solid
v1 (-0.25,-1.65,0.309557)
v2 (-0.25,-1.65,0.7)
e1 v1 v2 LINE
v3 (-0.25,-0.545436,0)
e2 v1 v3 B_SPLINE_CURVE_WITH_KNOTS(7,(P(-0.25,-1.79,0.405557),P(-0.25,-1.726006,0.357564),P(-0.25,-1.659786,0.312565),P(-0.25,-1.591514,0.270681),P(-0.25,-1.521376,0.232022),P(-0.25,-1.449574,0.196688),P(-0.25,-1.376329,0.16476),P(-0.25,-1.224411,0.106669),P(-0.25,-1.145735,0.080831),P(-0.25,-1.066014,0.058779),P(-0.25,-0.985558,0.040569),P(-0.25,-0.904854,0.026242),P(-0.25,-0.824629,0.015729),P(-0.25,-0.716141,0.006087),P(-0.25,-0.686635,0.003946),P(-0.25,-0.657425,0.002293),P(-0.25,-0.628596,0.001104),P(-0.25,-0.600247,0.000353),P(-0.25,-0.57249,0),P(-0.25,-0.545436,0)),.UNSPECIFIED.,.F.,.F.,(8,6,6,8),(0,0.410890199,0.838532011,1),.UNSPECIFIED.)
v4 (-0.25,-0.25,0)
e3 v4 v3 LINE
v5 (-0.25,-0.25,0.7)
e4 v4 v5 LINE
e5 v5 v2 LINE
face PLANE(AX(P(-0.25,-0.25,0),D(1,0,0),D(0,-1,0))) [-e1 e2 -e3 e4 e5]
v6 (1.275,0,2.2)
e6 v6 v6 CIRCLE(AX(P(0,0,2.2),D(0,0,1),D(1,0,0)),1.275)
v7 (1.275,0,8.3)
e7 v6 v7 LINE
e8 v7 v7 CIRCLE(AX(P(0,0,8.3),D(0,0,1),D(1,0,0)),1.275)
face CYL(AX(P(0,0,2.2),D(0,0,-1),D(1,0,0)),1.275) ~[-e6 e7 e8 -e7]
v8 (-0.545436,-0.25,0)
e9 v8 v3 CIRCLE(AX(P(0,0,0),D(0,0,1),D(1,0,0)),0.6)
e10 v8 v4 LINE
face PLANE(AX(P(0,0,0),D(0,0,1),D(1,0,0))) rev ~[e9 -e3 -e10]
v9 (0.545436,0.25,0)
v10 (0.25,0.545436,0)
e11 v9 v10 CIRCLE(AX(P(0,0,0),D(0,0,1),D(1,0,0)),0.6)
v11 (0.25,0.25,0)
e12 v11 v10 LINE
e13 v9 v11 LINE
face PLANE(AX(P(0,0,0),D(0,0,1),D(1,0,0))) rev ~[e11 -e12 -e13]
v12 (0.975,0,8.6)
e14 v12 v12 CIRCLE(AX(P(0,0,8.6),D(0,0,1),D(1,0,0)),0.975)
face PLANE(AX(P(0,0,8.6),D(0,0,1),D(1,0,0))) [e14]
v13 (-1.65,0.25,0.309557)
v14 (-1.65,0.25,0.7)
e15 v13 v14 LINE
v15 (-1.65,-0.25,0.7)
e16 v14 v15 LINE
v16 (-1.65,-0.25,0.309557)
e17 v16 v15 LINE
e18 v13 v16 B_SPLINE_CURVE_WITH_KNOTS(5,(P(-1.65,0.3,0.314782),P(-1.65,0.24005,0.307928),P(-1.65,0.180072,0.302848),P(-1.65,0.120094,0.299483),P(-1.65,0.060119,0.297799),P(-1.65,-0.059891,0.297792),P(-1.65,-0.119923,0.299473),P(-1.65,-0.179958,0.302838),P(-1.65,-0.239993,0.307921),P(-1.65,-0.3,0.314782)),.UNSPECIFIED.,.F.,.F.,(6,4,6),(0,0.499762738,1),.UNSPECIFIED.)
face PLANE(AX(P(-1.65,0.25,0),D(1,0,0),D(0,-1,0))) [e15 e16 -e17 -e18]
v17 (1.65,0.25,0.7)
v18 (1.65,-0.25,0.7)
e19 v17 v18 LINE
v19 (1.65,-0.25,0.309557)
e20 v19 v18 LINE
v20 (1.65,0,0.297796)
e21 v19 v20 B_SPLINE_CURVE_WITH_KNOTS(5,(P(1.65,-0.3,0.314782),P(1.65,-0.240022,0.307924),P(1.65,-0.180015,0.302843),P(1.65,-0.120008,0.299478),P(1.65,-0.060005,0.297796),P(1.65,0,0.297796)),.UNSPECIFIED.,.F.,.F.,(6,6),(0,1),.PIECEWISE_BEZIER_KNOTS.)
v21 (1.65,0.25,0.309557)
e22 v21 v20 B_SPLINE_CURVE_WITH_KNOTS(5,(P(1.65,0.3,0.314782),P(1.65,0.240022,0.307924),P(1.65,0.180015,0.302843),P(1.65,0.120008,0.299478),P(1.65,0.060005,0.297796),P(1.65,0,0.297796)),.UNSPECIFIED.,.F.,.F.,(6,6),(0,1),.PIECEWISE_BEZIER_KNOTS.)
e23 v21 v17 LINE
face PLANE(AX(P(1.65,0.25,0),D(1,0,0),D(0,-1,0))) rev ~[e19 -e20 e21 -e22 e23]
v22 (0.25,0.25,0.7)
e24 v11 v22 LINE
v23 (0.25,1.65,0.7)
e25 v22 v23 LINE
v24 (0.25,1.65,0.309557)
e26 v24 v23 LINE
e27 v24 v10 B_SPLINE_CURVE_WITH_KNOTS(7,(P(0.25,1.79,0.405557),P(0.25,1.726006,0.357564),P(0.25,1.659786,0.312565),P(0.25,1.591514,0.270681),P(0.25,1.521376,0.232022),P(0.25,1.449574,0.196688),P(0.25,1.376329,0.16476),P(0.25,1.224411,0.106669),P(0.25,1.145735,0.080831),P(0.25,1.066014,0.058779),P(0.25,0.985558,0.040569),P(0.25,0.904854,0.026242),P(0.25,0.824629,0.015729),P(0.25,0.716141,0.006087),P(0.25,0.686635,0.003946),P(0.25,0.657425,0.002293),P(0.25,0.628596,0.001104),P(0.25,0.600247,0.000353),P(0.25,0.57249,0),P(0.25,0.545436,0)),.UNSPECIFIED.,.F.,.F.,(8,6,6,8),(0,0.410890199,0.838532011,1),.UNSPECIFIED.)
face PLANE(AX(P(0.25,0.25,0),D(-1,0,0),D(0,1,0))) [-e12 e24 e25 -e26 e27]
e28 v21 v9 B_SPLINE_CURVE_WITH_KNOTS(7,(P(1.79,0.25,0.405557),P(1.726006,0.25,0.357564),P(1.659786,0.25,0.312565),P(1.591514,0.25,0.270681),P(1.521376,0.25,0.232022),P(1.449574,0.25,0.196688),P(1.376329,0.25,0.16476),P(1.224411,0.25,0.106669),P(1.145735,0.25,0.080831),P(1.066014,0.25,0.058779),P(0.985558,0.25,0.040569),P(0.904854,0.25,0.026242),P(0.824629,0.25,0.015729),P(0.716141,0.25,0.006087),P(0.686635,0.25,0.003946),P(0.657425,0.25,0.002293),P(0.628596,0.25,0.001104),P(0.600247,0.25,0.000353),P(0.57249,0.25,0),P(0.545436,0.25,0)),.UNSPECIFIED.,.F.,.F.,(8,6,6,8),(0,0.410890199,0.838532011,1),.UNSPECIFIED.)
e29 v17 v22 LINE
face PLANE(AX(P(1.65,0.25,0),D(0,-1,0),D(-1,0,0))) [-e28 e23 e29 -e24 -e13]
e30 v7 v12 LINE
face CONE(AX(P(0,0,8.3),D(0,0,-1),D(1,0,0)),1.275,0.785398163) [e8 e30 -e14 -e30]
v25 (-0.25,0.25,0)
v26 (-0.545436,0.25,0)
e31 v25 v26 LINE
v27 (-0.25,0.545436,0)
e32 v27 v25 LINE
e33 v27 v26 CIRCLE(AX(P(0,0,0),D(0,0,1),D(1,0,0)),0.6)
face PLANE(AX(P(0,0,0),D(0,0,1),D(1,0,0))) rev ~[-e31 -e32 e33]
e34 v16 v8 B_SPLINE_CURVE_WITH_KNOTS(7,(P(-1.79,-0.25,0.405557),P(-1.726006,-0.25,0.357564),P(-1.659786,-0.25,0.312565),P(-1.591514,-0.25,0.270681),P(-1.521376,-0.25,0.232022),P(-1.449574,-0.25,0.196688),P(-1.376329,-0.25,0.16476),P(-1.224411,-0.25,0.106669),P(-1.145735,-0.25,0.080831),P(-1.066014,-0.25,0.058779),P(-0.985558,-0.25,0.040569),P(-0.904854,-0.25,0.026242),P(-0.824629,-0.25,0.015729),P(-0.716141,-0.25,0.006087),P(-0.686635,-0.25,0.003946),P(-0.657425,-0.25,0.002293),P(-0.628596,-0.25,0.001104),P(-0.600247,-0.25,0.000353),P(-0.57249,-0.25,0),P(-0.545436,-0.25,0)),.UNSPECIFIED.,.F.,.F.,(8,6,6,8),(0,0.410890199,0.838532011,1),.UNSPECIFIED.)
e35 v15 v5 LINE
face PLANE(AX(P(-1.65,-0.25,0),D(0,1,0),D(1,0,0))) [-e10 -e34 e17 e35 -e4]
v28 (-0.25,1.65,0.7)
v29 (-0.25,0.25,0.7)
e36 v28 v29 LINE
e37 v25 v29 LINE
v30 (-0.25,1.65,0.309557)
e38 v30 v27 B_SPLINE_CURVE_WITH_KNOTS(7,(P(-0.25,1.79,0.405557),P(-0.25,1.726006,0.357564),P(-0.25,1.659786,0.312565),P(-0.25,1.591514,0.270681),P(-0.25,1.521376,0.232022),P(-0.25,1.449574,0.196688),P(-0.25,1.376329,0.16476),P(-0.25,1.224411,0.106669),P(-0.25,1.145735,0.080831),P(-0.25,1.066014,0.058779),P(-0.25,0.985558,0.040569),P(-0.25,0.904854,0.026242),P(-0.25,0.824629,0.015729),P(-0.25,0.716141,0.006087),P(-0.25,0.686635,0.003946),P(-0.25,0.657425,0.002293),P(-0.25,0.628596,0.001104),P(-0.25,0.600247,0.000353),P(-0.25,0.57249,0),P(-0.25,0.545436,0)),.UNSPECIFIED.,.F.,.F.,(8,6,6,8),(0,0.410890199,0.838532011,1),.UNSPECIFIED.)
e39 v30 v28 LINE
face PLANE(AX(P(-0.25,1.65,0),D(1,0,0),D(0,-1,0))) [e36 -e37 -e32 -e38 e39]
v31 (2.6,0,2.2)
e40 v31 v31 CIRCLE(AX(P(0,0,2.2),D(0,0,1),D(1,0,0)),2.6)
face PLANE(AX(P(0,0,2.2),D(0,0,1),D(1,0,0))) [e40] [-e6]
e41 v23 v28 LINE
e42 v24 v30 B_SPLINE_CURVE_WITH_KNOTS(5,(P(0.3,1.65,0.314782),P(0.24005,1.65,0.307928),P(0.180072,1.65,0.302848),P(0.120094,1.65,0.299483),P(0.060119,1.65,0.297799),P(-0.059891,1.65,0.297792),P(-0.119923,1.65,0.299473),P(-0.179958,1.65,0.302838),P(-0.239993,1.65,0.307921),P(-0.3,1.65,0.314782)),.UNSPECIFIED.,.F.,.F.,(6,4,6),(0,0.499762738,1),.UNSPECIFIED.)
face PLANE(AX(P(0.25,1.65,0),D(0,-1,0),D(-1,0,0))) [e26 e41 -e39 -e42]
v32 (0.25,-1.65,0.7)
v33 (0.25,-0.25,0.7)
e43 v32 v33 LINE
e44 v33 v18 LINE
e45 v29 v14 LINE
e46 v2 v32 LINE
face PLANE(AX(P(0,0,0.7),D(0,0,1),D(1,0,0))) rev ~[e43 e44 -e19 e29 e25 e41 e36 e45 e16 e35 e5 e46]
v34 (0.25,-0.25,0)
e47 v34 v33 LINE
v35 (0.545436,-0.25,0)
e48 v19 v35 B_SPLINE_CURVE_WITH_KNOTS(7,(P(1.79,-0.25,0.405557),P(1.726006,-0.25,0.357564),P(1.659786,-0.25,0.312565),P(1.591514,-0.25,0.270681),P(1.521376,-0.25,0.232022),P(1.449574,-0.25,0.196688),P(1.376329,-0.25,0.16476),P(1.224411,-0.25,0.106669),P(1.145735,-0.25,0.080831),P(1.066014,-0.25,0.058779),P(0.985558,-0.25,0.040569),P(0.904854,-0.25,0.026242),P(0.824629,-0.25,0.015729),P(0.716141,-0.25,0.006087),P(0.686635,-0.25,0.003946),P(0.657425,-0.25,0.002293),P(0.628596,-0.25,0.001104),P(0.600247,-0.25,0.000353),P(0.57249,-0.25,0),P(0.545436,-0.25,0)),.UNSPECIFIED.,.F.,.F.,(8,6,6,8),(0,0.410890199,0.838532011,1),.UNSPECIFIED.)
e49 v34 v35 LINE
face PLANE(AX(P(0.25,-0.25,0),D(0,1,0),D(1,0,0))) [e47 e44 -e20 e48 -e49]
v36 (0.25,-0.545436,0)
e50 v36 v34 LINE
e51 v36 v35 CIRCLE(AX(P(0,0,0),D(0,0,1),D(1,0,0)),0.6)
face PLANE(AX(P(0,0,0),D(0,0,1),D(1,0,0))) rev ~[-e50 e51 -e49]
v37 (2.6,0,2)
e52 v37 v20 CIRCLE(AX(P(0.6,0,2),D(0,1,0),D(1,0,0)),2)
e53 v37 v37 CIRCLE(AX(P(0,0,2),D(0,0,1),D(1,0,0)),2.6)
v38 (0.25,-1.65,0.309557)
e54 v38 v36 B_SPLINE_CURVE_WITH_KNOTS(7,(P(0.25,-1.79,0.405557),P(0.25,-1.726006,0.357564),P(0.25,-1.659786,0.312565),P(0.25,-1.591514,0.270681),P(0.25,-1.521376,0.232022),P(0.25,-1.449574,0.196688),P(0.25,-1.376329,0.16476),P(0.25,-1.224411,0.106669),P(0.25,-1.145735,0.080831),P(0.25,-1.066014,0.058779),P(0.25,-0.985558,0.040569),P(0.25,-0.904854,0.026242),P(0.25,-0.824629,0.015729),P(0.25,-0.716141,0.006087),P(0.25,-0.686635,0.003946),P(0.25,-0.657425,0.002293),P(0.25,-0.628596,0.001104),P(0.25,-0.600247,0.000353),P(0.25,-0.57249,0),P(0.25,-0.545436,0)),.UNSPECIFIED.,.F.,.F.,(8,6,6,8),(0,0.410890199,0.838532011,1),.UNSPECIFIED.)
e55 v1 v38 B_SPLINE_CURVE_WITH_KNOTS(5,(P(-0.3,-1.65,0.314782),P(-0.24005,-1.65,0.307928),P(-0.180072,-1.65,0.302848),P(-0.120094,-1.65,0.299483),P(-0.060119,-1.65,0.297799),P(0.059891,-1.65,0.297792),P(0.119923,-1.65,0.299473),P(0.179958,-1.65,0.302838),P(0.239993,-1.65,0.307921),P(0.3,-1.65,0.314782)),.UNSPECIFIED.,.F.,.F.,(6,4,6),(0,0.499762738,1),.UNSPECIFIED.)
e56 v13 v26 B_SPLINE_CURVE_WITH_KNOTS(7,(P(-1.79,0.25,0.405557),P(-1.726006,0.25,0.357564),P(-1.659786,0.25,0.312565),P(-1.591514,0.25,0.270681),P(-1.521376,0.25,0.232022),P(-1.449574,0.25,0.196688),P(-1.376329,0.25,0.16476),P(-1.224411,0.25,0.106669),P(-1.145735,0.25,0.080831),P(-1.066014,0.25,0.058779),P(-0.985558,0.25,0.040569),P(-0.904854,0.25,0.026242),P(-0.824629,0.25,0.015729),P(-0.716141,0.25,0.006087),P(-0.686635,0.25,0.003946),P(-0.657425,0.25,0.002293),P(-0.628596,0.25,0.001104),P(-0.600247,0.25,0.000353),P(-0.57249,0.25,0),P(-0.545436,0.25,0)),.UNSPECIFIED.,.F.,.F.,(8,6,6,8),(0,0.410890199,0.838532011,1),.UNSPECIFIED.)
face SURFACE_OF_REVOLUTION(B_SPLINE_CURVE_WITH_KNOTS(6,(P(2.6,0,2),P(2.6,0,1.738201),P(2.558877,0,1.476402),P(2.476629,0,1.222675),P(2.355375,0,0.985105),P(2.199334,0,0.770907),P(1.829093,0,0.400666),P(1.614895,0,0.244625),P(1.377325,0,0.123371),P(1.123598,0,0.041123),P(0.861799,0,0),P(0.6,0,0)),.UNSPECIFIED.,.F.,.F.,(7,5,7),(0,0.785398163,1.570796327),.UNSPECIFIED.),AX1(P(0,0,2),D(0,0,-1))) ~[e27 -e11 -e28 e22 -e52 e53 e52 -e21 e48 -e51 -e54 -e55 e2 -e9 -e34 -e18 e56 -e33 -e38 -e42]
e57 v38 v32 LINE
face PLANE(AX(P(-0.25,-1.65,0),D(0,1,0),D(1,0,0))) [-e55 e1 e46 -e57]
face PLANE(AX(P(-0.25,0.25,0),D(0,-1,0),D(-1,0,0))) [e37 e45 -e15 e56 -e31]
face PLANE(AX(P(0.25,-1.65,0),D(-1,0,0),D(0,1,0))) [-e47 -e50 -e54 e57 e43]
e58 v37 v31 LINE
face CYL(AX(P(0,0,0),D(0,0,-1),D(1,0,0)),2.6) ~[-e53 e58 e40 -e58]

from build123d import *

# Parameters (mm, degrees)
SKICA1_R                 = 2.6
P_IDAT_VYSUNUT_M1_DEPTH  = 2.2
SKICA2_R                 = 1.275
P_IDAT_VYSUNUT_M2_DEPTH  = 6.4
ZAOBLIT1_R               = 2
ODEBRAT_VYSUNUT_M1_DEPTH = 0.7
ZKOSEN_1_SIZE            = 0.3


with BuildPart() as part:
    # Skica1 → Přidat vysunutím1 (new body)
    with BuildSketch(Plane.XY):
        Circle(SKICA1_R)
    extrude(amount=P_IDAT_VYSUNUT_M1_DEPTH)

    # Skica2 → Přidat vysunutím2 (add)
    with BuildSketch(Plane.XY.offset(2.2)):
        Circle(SKICA2_R)
    extrude(amount=P_IDAT_VYSUNUT_M2_DEPTH)

    # Zaoblit1
    zaoblit1_edges = [part.edges().sort_by_distance(p)[0] for p in [
        (-2.6, 0, 0),
    ]]
    fillet(zaoblit1_edges, radius=ZAOBLIT1_R)

    # Skica3 → Odebrat vysunutím1 (cut)
    with BuildSketch(Plane(origin=(0, 0, 0), x_dir=(-1, 0, 0), z_dir=(0, 0, -1))):
        Polygon((-1.65, 0), (-1.65, 0.25), (-0.25, 0.25), (-0.25, 1.65), (0.25, 1.65), (0.25, 0.25), (1.65, 0.25), (1.65, -0.25), (0.25, -0.25), (0.25, -1.65), (-0.25, -1.65), (-0.25, -0.25), (-1.65, -0.25), align=None)
    extrude(amount=-ODEBRAT_VYSUNUT_M1_DEPTH, mode=Mode.SUBTRACT)

    # Zkosení1
    zkosen_1_edges = [part.edges().sort_by_distance(p)[0] for p in [
        (-1.275, 0, 8.6),
    ]]
    chamfer(zkosen_1_edges, length=ZKOSEN_1_SIZE)


solid = part.part
